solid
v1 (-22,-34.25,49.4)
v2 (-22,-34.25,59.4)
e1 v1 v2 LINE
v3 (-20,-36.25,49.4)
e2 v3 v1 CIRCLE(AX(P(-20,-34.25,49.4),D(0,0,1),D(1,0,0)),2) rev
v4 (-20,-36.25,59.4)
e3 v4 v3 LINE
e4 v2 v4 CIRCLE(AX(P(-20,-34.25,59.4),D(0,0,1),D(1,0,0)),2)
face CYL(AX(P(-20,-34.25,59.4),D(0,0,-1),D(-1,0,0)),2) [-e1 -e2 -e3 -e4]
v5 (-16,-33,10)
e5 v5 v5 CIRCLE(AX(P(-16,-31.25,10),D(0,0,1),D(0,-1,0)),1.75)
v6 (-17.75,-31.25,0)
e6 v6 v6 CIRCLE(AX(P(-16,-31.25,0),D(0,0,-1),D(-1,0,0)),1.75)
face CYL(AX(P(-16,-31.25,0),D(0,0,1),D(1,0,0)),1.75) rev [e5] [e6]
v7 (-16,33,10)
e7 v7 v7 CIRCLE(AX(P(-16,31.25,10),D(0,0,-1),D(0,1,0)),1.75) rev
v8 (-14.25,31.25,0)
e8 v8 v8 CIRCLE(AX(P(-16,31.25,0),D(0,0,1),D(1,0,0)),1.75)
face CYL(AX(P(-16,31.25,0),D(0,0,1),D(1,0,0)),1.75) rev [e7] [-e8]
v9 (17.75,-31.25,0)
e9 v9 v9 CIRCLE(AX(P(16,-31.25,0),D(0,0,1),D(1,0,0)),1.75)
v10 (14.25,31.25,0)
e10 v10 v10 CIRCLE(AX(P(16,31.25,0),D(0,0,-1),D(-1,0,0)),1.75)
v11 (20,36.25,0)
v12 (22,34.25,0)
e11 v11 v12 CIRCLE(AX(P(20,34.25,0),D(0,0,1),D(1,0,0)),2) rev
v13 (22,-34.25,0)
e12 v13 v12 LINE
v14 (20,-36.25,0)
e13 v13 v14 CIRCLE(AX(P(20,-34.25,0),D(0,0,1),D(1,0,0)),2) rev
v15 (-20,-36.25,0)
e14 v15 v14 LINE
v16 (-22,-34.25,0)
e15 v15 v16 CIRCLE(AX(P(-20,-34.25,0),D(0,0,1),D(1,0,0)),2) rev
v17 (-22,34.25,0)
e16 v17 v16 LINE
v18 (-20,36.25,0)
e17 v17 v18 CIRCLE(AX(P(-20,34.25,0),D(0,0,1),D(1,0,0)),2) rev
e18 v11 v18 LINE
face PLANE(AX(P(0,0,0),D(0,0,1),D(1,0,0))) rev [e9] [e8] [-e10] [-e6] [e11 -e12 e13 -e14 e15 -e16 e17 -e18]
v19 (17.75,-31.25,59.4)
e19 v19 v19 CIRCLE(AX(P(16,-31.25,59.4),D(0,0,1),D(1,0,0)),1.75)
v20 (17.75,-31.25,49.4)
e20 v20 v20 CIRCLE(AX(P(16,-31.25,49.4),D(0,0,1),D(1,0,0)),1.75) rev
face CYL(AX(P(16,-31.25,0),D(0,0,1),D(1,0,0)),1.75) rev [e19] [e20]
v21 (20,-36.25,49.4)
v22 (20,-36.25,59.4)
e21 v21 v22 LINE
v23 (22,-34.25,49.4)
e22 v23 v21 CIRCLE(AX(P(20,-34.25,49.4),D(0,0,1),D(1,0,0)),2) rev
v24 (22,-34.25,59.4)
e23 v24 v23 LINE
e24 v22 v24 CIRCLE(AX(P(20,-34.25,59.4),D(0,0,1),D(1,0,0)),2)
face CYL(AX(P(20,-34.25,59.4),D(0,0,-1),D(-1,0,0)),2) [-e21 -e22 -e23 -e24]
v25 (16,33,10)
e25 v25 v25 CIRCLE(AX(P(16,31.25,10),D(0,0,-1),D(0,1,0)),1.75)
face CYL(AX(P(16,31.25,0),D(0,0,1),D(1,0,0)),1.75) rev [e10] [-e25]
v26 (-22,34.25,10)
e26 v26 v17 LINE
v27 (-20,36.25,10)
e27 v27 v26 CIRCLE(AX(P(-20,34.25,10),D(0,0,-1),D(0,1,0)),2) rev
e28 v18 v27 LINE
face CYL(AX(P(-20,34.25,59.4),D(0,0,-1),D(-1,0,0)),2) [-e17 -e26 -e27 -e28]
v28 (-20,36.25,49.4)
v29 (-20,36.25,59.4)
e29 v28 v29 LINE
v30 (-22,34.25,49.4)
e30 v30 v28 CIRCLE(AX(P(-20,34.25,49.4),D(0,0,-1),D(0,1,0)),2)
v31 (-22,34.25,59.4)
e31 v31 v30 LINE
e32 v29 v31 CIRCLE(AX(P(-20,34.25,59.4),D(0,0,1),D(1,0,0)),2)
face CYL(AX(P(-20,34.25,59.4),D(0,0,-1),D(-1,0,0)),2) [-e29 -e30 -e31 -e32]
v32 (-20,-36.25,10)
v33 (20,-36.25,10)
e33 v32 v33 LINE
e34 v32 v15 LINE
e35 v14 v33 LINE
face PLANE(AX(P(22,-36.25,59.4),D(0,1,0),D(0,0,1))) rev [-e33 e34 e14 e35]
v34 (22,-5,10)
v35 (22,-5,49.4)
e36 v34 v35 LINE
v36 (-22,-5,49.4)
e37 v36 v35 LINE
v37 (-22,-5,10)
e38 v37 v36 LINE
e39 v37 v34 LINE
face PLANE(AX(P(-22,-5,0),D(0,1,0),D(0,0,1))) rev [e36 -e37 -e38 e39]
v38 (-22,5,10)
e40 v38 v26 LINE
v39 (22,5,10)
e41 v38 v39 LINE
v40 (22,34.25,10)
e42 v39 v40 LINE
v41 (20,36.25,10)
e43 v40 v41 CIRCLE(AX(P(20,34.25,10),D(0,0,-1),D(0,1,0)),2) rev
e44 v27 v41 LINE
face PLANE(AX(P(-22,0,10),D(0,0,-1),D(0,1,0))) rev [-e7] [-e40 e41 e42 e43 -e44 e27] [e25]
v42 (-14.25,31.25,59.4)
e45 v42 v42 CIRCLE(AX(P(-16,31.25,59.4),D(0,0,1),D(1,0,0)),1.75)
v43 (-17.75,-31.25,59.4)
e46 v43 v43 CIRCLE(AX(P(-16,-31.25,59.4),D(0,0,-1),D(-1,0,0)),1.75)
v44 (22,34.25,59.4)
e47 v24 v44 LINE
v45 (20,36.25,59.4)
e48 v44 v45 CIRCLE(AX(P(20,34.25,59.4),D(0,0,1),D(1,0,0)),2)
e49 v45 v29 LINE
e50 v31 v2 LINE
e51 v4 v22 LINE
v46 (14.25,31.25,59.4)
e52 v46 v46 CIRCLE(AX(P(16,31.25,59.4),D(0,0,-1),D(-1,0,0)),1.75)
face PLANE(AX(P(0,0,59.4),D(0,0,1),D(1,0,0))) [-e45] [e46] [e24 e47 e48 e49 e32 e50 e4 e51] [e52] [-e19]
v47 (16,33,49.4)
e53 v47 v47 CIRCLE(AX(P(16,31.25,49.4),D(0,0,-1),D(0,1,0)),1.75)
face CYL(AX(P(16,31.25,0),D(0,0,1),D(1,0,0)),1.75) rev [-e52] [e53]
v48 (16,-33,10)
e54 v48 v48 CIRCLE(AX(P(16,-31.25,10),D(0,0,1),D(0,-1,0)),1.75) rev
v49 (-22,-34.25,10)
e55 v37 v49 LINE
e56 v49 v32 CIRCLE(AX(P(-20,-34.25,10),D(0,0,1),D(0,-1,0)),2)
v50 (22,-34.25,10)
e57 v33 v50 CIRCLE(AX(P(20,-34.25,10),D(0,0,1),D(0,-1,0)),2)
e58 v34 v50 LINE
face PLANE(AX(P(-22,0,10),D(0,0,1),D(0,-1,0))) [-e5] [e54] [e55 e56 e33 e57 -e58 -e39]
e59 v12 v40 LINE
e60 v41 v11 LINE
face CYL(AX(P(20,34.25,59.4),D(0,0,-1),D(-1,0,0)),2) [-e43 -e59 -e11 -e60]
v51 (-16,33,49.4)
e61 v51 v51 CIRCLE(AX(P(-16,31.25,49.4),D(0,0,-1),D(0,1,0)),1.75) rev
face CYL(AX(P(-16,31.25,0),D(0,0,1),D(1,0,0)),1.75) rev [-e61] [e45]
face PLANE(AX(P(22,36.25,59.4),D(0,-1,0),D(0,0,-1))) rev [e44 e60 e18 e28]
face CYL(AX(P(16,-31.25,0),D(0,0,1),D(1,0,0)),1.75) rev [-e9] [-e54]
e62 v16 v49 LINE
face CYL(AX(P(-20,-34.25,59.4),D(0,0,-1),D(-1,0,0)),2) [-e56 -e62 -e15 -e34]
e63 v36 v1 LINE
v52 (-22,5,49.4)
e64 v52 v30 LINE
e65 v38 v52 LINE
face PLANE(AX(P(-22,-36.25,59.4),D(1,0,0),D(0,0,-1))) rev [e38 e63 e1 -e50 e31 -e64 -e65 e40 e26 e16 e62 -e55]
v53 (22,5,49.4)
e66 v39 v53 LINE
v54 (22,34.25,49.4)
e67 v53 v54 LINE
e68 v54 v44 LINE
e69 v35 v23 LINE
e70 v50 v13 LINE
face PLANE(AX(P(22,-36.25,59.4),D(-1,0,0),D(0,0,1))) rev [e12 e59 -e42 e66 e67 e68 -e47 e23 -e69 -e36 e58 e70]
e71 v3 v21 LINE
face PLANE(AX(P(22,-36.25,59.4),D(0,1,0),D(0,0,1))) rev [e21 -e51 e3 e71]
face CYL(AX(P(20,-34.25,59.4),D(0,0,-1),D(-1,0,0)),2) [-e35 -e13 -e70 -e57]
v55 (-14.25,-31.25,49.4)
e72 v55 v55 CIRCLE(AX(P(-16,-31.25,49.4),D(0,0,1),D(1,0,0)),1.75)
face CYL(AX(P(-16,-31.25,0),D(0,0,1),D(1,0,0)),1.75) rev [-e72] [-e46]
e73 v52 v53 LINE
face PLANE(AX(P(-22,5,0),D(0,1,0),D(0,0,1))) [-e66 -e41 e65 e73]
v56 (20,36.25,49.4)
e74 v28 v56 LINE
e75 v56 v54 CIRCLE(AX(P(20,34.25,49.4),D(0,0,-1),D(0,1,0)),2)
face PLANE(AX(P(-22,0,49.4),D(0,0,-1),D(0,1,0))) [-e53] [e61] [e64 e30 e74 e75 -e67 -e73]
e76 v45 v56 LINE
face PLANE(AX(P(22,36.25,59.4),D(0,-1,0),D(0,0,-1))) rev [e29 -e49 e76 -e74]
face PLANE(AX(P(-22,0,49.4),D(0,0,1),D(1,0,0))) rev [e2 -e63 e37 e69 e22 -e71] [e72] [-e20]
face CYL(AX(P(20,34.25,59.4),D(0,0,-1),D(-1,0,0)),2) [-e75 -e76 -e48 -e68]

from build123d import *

# Parameters (mm, degrees)
SKETCH_2_W          = 44
SKETCH_2_H          = 72.5
EXTRUDE_1_DEPTH     = 59.4
SKETCH_3_R          = 1.75
CUT_EXTRUDE_1_DEPTH = 60.4
SKETCH_4_W          = 39.4
SKETCH_4_H          = 31.25
CUT_EXTRUDE_2_DEPTH = 45
FILLET_1_R          = 2


with BuildPart() as part:
    # ｽｹｯﾁ2 → ﾎﾞｽ - 押し出し1 (new body)
    with BuildSketch(Plane.XY):
        Rectangle(SKETCH_2_W, SKETCH_2_H)
    extrude(amount=EXTRUDE_1_DEPTH)

    # ｽｹｯﾁ3 → ｶｯﾄ - 押し出し1 (cut, through all)
    with BuildSketch(Plane.XY.offset(59.4)):
        with Locations((-16, 31.25)):
            Circle(SKETCH_3_R)
        with Locations((16, 31.25)):
            Circle(SKETCH_3_R)
        with Locations((16, -31.25)):
            Circle(SKETCH_3_R)
        with Locations((-16, -31.25)):
            Circle(SKETCH_3_R)
    extrude(amount=-CUT_EXTRUDE_1_DEPTH, mode=Mode.SUBTRACT)

    # ｽｹｯﾁ4 → ｶｯﾄ - 押し出し2 (cut, through all)
    with BuildSketch(Plane(origin=(22, 0, 0), x_dir=(0, 0, -1), z_dir=(1, 0, 0))):
        with Locations((-29.7, -20.625)):
            Rectangle(SKETCH_4_W, SKETCH_4_H)
        with Locations((-29.7, 20.625)):
            Rectangle(SKETCH_4_W, SKETCH_4_H)
    extrude(amount=-CUT_EXTRUDE_2_DEPTH, mode=Mode.SUBTRACT)

    # ﾌｨﾚｯﾄ1
    fillet_1_edges = [part.edges().sort_by_distance(p)[0] for p in [
        (22, -36.25, 5),
        (-22, -36.25, 5),
        (-22, 36.25, 5),
        (22, 36.25, 5),
        (-22, 36.25, 54.4),
        (22, 36.25, 54.4),
        (22, -36.25, 54.4),
        (-22, -36.25, 54.4),
    ]]
    fillet(fillet_1_edges, radius=FILLET_1_R)


solid = part.part
